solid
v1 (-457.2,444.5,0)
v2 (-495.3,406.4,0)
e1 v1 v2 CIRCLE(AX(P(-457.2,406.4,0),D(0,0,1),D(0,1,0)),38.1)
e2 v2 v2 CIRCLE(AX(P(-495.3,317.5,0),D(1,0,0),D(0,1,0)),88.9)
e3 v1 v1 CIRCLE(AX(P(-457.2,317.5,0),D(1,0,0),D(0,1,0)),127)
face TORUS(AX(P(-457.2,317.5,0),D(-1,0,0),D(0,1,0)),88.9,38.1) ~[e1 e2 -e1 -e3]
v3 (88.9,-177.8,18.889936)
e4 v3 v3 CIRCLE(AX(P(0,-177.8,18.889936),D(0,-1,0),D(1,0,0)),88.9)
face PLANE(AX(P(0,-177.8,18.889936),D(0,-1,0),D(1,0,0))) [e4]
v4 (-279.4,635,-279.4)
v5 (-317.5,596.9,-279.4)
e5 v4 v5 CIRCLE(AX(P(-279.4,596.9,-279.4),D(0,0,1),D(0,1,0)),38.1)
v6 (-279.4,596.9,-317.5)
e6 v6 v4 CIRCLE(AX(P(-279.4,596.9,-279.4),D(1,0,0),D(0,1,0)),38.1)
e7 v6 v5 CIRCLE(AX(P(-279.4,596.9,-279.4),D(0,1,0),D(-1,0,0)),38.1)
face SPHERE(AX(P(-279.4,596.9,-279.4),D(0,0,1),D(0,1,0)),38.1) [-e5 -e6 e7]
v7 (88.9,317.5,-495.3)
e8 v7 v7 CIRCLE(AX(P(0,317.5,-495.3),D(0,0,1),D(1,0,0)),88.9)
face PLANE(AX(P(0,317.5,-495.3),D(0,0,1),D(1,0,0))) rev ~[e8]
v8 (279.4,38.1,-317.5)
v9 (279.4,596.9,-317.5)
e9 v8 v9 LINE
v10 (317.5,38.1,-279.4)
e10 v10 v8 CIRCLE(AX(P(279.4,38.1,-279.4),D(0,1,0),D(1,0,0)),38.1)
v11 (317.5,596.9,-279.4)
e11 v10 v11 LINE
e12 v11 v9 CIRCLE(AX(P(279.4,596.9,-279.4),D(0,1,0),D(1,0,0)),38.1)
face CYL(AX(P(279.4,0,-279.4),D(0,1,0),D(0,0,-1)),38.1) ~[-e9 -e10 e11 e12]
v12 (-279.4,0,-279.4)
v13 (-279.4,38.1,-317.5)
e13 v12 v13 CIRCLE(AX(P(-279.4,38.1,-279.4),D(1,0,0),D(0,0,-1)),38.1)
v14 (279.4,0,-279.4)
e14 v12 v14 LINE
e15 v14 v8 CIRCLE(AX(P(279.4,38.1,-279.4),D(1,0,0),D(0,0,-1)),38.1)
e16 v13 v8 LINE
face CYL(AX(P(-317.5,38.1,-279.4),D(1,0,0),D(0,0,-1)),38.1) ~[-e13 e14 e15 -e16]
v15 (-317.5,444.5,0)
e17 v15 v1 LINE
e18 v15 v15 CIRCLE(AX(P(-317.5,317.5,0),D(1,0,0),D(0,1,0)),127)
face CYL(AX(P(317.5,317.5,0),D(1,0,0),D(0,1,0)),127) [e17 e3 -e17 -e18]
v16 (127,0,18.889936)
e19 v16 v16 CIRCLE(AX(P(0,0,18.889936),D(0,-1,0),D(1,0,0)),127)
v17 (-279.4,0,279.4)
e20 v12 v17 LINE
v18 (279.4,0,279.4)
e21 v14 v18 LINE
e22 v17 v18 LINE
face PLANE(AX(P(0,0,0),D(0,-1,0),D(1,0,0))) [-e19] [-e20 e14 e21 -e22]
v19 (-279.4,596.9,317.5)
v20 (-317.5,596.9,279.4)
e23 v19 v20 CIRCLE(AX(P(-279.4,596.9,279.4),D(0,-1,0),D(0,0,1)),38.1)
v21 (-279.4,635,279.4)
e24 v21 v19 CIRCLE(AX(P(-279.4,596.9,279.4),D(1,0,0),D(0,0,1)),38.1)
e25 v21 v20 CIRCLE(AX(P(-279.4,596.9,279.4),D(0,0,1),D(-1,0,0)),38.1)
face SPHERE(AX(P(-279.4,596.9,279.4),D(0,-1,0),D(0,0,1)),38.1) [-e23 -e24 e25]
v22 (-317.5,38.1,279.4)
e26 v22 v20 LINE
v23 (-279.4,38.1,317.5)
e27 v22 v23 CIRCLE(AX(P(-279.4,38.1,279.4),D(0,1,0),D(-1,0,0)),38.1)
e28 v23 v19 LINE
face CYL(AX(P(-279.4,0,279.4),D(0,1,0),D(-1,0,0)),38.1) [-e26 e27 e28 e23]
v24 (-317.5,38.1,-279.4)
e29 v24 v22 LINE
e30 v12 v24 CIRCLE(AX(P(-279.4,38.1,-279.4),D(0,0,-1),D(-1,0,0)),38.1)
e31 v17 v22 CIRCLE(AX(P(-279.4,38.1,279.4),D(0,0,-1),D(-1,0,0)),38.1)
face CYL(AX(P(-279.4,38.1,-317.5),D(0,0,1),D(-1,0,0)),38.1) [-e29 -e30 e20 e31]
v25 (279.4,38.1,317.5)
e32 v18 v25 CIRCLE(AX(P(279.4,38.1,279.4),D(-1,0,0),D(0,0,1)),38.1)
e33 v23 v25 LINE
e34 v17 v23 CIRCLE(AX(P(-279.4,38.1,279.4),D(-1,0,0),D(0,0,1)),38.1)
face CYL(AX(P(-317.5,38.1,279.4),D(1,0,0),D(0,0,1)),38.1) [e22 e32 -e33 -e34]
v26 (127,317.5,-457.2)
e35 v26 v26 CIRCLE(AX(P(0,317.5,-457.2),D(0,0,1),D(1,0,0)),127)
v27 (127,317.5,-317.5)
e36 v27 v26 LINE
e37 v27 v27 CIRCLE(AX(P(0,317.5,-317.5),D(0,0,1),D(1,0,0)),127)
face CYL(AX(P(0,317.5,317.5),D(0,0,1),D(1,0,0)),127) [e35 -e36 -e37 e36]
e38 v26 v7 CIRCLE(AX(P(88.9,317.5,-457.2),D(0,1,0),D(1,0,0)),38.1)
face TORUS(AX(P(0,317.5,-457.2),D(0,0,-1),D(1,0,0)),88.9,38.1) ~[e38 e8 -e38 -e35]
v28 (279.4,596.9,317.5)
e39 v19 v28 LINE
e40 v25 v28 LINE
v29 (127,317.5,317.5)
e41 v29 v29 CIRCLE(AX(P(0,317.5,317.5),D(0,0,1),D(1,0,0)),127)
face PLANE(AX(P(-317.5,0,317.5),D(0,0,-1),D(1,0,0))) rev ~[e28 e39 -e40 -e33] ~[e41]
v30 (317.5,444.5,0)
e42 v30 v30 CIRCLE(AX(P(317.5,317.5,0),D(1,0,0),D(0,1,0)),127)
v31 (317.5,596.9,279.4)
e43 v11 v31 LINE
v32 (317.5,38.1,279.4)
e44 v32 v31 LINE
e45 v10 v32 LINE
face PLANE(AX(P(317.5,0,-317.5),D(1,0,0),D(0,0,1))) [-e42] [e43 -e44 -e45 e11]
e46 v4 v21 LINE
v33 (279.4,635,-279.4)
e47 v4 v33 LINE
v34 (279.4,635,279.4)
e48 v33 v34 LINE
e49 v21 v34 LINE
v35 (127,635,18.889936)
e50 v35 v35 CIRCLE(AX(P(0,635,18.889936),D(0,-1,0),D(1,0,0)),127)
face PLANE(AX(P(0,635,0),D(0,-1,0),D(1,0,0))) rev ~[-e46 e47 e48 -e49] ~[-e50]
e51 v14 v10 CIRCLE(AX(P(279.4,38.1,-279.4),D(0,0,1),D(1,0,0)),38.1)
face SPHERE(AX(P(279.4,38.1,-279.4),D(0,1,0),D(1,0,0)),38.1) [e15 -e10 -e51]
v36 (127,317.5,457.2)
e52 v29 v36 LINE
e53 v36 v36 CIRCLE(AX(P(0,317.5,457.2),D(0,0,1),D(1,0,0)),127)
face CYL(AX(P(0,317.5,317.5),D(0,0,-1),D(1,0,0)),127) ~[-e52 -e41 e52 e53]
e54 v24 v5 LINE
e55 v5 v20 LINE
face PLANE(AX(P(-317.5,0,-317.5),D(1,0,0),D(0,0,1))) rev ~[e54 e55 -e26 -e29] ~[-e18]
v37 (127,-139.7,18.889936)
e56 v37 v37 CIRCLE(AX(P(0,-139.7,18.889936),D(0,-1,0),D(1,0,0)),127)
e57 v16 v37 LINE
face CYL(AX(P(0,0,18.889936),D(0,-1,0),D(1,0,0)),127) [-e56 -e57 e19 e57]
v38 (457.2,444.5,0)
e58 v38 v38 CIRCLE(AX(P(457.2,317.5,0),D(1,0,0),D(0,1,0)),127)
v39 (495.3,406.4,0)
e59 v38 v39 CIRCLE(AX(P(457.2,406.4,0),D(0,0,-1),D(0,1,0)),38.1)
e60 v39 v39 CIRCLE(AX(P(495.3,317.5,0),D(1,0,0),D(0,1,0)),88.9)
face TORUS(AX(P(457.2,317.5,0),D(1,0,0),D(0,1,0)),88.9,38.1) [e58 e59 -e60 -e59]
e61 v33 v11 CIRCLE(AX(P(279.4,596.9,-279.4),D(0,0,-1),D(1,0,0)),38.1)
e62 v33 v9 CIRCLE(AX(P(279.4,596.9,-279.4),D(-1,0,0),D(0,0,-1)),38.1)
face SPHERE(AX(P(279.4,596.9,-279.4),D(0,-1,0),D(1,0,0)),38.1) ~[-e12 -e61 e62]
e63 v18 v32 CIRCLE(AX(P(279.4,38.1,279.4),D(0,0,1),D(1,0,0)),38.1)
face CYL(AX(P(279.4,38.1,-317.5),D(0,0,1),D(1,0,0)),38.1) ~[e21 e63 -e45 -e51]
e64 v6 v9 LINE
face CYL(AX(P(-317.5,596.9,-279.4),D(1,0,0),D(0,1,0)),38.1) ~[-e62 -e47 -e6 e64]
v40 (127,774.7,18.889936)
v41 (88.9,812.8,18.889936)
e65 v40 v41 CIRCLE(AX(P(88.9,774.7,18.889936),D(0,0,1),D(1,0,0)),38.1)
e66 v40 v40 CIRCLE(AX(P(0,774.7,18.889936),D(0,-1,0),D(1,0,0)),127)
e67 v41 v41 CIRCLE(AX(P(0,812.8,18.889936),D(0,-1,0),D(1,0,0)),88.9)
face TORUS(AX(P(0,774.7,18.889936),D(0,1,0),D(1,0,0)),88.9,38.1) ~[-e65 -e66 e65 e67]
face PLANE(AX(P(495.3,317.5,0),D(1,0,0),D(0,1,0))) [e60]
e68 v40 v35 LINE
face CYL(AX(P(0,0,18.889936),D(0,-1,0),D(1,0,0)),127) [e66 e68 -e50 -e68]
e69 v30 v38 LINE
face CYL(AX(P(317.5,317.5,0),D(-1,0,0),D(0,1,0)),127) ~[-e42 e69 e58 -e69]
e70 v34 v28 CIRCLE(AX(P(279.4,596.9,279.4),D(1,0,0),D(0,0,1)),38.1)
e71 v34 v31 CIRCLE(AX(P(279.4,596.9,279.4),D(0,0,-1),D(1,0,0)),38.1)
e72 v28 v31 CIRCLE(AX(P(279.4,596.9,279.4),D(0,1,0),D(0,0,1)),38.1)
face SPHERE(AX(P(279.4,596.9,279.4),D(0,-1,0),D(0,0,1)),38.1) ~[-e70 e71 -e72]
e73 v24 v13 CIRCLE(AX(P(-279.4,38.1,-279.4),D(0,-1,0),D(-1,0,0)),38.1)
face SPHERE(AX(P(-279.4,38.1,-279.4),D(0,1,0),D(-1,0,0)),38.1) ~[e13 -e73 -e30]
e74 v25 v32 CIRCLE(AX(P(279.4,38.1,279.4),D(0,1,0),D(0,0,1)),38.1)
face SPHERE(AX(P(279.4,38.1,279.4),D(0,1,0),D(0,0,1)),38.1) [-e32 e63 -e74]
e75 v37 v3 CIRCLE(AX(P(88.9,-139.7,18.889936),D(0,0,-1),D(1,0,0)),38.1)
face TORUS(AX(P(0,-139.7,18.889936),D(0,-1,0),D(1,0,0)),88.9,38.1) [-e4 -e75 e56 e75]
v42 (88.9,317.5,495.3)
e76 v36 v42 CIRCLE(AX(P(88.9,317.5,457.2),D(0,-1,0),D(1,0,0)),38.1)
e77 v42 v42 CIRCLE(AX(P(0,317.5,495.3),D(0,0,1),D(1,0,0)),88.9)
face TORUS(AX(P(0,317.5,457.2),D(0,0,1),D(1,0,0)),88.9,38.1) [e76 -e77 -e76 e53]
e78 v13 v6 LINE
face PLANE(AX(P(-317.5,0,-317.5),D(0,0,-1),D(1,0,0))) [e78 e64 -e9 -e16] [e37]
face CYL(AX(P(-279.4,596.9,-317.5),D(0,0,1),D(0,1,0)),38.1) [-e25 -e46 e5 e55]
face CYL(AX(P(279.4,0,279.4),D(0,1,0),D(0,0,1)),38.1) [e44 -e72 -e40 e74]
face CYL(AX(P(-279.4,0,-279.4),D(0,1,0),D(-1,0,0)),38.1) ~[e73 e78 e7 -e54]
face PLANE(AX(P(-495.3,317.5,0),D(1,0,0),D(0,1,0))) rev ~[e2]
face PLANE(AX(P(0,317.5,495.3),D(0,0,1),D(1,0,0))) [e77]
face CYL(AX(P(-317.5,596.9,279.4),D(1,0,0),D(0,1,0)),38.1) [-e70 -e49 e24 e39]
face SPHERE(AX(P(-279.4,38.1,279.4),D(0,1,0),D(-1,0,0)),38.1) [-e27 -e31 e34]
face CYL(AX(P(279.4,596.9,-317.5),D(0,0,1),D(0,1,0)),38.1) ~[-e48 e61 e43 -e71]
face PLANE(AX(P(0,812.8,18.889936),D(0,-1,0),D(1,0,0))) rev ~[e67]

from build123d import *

# Parameters (mm, degrees)
F0_R          = 127
F1_DEPTH      = 177.8
F1_DEPTH_BACK = 812.8
F0_W          = 635
F0_H          = 635
F2_DEPTH      = 635
F3_R          = 38.1
F4_R          = 127
F5_DEPTH      = 177.8
F5_DEPTH_BACK = 812.8
F6_R          = 127
F7_DEPTH      = 177.8
F7_DEPTH_BACK = 812.8
F8_R          = 38.1


with BuildPart() as f1:
    # F0 (on Front) → F1 (new body, two sides)
    with BuildSketch(Plane.XZ) as f1_sk:
        with Locations((0, 18.889936)):
            Circle(F0_R)
    extrude(amount=F1_DEPTH)
    extrude(f1_sk.sketch, amount=-F1_DEPTH_BACK)

    # F0 (on Front) → F2 (join)
    with BuildSketch(Plane.XZ):
        Rectangle(F0_W, F0_H)
        with Locations((0, 18.889936)):
            Circle(F0_R, mode=Mode.SUBTRACT)
    extrude(amount=-F2_DEPTH)

    # F3
    f3_edges = [f1.edges().sort_by_distance(p)[0] for p in [
        (317.5, 317.5, -317.5),
        (317.5, 317.5, 317.5),
        (-317.5, 317.5, 317.5),
        (0, 635, 317.5),
        (-317.5, 635, 0),
        (317.5, 635, 0),
        (0, 635, -317.5),
        (-317.5, 317.5, -317.5),
        (-317.5, 0, 0),
        (0, 0, 317.5),
        (317.5, 0, 0),
        (0, 0, -317.5),
    ]]
    fillet(f3_edges, radius=F3_R)

    # F4 (on face) → F5 (join, two sides)
    with BuildSketch(Plane.XY.offset(317.5)) as f5_sk:
        with Locations((0, 317.5)):
            Circle(F4_R)
    extrude(amount=F5_DEPTH)
    extrude(f5_sk.sketch, amount=-F5_DEPTH_BACK)

    # F6 (on face) → F7 (join, two sides)
    with BuildSketch(Plane.YZ.offset(317.5)) as f7_sk:
        with Locations((317.5, 0)):
            Circle(F6_R)
    extrude(amount=F7_DEPTH)
    extrude(f7_sk.sketch, amount=-F7_DEPTH_BACK)

    # F8
    f8_edges = [f1.edges().sort_by_distance(p)[0] for p in [
        (-127, 812.8, 18.889936),
        (495.3, 190.5, 0),
        (-127, 317.5, 495.3),
        (-495.3, 190.5, 0),
        (-127, -177.8, 18.889936),
        (-127, 317.5, -495.3),
    ]]
    fillet(f8_edges, radius=F8_R)


solid = f1.part
